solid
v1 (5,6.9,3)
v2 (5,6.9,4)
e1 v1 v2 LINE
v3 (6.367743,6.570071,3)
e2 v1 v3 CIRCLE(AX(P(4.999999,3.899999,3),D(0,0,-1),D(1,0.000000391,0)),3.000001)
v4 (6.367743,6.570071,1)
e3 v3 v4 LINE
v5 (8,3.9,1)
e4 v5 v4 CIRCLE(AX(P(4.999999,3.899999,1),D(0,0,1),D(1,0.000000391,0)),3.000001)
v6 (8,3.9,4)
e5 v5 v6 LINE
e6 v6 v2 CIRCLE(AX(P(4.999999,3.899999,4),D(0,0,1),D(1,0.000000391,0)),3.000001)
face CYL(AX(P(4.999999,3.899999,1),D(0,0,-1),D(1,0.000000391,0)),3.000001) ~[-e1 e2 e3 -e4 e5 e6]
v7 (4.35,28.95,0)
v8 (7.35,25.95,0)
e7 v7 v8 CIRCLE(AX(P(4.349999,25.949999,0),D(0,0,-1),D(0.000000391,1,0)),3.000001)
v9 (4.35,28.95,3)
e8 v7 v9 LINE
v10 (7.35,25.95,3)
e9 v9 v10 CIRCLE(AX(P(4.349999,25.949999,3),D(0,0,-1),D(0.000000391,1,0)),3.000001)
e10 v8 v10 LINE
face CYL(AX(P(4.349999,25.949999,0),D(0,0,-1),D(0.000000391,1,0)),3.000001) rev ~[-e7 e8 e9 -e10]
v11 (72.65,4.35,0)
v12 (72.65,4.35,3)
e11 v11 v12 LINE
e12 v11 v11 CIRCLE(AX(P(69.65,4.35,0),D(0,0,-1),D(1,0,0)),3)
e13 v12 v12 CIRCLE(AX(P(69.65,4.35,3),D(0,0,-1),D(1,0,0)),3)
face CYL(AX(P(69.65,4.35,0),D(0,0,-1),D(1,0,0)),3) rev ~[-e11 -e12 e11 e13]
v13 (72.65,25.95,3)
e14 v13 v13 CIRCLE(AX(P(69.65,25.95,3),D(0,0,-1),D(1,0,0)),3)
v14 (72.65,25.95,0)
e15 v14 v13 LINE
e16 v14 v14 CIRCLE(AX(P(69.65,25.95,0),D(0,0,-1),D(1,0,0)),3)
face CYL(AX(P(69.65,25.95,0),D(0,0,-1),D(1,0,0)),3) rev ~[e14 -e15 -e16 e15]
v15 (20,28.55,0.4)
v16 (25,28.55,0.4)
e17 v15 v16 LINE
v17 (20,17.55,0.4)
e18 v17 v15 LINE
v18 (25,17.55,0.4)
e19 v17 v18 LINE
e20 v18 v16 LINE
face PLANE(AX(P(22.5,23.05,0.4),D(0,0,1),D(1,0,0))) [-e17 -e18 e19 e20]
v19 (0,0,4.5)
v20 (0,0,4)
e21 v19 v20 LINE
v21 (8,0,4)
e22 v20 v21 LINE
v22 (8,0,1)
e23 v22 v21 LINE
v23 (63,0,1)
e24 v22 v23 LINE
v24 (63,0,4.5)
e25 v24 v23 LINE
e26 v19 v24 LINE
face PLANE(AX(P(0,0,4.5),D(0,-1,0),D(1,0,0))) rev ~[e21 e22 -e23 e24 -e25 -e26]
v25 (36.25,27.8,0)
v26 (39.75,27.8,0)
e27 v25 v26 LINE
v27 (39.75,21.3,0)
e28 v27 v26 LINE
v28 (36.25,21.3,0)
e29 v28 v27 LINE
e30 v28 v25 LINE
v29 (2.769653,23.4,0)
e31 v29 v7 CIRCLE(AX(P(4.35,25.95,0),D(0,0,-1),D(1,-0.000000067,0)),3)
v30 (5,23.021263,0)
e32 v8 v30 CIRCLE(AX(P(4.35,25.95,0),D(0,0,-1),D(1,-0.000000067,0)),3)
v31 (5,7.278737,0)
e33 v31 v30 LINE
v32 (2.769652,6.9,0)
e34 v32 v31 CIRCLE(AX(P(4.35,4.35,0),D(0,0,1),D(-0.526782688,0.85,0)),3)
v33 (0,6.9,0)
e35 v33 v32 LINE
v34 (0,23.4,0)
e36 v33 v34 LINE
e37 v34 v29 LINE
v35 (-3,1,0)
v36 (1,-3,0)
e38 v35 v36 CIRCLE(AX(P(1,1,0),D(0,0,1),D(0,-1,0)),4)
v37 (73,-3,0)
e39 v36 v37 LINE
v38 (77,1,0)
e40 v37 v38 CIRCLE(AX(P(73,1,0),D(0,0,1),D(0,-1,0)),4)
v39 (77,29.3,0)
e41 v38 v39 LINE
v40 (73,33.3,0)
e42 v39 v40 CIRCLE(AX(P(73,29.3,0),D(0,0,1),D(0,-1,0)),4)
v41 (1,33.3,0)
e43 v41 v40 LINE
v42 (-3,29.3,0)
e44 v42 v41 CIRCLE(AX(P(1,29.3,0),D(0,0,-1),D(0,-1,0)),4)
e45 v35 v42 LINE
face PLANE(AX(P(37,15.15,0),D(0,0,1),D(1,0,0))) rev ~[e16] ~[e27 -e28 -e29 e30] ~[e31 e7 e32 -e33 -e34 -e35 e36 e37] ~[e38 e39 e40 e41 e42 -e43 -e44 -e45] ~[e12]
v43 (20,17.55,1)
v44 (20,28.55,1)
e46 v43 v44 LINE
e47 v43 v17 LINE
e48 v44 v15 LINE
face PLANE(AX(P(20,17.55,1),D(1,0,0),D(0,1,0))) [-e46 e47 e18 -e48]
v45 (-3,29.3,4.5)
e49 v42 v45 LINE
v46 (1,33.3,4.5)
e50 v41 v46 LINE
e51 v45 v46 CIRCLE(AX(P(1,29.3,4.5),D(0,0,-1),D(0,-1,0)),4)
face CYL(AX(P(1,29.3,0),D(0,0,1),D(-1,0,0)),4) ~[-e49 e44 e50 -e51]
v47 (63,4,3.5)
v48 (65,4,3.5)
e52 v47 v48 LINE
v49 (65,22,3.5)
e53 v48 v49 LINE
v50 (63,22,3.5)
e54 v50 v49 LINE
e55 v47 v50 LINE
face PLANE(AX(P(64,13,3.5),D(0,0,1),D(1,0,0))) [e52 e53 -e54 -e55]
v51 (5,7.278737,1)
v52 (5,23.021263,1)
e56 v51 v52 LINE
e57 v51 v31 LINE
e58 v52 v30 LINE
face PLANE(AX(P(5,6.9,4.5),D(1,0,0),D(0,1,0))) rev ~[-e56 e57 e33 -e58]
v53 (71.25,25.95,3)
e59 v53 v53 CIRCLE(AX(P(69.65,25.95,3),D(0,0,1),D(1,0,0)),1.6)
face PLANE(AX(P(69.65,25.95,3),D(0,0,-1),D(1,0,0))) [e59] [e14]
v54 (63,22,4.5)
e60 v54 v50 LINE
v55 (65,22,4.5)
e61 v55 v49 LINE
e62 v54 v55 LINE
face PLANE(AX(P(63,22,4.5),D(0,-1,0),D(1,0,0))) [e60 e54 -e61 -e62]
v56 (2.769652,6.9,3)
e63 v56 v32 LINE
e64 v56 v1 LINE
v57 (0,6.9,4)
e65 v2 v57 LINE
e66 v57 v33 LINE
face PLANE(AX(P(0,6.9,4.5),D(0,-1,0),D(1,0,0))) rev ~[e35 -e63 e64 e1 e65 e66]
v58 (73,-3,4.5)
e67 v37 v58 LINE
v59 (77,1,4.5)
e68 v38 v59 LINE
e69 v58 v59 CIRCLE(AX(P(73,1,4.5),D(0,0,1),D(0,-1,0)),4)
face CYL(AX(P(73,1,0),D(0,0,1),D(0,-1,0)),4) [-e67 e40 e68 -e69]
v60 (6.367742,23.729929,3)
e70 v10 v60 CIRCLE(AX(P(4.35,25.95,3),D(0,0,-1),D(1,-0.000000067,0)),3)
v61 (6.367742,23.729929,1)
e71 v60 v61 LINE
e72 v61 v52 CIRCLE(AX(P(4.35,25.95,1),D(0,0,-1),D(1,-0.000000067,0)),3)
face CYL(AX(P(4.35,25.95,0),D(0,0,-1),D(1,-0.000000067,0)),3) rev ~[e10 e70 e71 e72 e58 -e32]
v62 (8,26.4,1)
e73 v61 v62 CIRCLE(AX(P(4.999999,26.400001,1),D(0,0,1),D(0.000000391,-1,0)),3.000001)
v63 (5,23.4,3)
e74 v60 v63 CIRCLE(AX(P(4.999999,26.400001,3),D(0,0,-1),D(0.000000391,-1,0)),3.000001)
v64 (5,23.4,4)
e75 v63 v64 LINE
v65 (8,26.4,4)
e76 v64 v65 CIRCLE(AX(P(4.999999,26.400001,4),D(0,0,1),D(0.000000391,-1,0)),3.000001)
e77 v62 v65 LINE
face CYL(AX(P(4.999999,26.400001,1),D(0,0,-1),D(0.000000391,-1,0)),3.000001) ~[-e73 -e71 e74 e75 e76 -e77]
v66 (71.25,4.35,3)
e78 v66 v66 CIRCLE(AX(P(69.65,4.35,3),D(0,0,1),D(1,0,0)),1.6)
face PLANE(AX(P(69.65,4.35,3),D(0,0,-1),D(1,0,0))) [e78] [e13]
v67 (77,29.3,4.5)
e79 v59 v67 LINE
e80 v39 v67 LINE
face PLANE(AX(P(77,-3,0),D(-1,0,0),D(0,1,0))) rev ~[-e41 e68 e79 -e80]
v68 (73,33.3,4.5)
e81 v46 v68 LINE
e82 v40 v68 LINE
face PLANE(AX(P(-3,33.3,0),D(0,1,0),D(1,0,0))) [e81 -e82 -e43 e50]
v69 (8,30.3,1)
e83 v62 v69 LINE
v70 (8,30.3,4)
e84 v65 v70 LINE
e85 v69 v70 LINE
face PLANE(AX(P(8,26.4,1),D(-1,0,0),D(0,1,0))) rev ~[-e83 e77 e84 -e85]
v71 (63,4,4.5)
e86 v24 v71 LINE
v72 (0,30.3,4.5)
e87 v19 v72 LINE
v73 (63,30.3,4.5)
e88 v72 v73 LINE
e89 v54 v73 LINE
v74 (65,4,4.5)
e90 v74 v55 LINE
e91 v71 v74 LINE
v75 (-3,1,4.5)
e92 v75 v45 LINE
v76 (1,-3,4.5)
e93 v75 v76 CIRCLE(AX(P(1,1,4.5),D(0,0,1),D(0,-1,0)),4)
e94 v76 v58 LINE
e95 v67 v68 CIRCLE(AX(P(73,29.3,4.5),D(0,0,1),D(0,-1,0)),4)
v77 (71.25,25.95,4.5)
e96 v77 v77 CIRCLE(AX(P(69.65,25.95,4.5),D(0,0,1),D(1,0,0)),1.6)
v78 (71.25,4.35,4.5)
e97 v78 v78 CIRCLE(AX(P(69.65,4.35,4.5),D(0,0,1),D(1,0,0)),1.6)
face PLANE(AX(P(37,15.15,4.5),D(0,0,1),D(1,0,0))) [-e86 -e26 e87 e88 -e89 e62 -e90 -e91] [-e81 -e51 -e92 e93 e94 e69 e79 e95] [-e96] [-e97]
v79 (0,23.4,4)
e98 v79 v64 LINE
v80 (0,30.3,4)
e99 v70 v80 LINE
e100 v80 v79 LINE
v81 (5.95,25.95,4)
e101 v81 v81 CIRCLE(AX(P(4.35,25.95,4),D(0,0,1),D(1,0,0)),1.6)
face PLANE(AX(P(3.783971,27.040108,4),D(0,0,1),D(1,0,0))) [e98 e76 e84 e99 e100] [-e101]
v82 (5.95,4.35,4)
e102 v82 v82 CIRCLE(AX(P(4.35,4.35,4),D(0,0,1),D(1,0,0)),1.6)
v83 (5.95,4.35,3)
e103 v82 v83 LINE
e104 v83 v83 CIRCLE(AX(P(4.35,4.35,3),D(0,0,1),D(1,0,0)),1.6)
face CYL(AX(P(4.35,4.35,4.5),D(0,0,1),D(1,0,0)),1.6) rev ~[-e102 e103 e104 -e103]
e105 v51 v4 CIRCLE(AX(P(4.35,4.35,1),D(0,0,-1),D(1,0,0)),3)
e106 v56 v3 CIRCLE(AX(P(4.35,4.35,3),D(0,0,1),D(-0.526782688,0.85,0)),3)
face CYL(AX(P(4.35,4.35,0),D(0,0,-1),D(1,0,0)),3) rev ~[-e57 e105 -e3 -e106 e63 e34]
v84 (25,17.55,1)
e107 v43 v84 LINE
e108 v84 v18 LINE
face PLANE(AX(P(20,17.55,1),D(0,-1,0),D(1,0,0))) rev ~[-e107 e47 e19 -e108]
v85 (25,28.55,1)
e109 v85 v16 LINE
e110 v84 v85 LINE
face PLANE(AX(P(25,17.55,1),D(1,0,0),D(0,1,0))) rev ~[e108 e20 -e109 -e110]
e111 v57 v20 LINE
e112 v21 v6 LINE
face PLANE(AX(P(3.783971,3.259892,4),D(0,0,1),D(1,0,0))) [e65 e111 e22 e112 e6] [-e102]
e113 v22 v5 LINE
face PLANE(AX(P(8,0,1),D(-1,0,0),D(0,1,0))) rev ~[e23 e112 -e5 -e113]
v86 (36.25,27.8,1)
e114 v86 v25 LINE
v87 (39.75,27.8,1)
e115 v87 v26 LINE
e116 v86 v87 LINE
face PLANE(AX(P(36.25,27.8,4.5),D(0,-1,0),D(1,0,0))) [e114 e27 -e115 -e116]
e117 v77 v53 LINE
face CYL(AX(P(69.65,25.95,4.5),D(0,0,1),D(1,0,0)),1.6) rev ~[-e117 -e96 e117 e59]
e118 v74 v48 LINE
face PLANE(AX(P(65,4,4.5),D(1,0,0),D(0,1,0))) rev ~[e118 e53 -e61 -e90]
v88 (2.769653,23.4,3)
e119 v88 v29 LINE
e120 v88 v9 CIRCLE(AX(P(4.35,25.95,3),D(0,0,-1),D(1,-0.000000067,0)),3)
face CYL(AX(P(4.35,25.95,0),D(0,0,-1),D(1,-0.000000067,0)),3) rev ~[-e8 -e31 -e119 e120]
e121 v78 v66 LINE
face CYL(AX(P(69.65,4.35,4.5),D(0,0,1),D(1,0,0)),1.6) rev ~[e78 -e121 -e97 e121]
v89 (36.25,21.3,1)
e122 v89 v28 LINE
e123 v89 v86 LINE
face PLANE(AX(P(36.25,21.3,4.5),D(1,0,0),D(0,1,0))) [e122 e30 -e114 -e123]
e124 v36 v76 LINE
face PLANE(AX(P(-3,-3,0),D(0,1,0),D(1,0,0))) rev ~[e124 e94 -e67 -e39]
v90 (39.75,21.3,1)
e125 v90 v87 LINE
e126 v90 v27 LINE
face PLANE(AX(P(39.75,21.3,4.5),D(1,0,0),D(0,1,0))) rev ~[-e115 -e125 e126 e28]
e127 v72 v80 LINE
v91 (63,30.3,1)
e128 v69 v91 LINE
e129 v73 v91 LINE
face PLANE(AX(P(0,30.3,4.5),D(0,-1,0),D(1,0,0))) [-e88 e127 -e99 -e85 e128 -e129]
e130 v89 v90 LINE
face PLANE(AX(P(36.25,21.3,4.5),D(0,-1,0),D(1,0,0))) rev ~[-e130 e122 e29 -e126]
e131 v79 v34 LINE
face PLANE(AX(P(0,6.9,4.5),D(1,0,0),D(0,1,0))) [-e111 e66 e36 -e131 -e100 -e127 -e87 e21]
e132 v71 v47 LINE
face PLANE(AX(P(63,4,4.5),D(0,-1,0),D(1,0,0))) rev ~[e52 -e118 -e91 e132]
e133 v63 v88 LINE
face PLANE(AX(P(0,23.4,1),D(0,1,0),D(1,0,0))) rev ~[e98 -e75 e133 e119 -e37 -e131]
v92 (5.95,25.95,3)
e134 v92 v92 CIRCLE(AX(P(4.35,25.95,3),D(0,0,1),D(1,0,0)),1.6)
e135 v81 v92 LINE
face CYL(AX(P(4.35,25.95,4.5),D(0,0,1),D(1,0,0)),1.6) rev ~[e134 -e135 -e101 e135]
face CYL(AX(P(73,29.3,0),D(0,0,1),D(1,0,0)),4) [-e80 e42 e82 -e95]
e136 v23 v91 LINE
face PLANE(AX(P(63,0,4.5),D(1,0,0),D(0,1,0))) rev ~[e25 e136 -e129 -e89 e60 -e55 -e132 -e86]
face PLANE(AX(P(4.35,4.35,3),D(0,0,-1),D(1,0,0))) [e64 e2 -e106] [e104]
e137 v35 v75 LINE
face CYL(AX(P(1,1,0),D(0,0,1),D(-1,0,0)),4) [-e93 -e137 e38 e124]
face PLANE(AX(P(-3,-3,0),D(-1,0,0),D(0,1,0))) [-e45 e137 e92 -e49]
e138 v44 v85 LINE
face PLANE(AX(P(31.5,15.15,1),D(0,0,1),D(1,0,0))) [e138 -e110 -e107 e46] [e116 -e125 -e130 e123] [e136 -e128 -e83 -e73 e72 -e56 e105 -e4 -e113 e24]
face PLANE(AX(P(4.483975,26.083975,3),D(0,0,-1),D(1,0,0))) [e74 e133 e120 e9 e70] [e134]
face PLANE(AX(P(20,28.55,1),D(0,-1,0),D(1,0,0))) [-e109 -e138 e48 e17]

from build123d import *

# Parameters (mm, degrees)
F0_W      = 80
F0_H      = 36.3
F1_DEPTH  = 4.5
F2_R      = 4
F3_W      = 63
F3_H      = 30.3
F4_DEPTH  = 3.5
F5_W      = 5
F5_H      = 16.5
F5_W_2    = 3.5
F5_H_2    = 6.5
F6_DEPTH  = 4.501
F7_W      = 2
F7_H      = 18
F8_DEPTH  = 1
F10_DEPTH = 3
F11_R     = 1.6
F12_DEPTH = 4.501
F13_R     = 3
F14_DEPTH = 3
F15_W     = 5
F15_H     = 11
F16_DEPTH = 0.6


with BuildPart() as f1:
    # F0 (on Top) → F1 (new body)
    with BuildSketch(Plane.XY):
        with Locations((37, 15.15)):
            Rectangle(F0_W, F0_H)
    extrude(amount=F1_DEPTH)

    # F2
    f2_edges = [f1.edges().sort_by_distance(p)[0] for p in [
        (-3, -3, 2.25),
        (77, -3, 2.25),
        (77, 33.3, 2.25),
        (-3, 33.3, 2.25),
    ]]
    fillet(f2_edges, radius=F2_R)

    # F3 (on face) → F4 (cut)
    with BuildSketch(Plane.XY.offset(4.5)):
        with Locations((31.5, 15.15)):
            Rectangle(F3_W, F3_H)
    extrude(amount=-F4_DEPTH, mode=Mode.SUBTRACT)

    # F5 (on face) → F6 (cut, through all)
    with BuildSketch(Plane.XY.offset(4.5)):
        with Locations((2.5, 15.15)):
            Rectangle(F5_W, F5_H)
        with Locations((38, 24.55)):
            Rectangle(F5_W_2, F5_H_2)
    extrude(amount=-F6_DEPTH, mode=Mode.SUBTRACT)

    # F7 (on face) → F8 (cut)
    with BuildSketch(Plane.XY.offset(4.5)):
        with Locations((64, 13)):
            Rectangle(F7_W, F7_H)
    extrude(amount=-F8_DEPTH, mode=Mode.SUBTRACT)

    # F9 (on face) → F10 (join)
    with BuildSketch(Plane.XY.offset(1)):
        with BuildLine():
            Line((8, 30.3), (0, 30.3))
            Line((0, 30.3), (0, 23.4))
            Line((0, 23.4), (5, 23.4))
            ThreePointArc((5, 23.4), (7.12132, 24.27868), (8, 26.4))
            Line((8, 26.4), (8, 30.3))
        make_face()
        with BuildLine():
            Line((5, 6.9), (0, 6.9))
            Line((0, 6.9), (0, 0))
            Line((0, 0), (8, 0))
            Line((8, 0), (8, 3.9))
            ThreePointArc((8, 3.9), (7.12132, 6.02132), (5, 6.9))
        make_face()
    extrude(amount=F10_DEPTH)

    # F11 (on face) → F12 (cut, through all)
    with BuildSketch(Plane.XY.offset(4.5)):
        with Locations((4.35, 4.35)):
            Circle(F11_R)
        with Locations((4.35, 25.95)):
            Circle(F11_R)
        with Locations((69.65, 25.95)):
            Circle(F11_R)
        with Locations((69.65, 4.35)):
            Circle(F11_R)
    extrude(amount=-F12_DEPTH, mode=Mode.SUBTRACT)

    # F13 (on face) → F14 (cut)
    with BuildSketch(Plane(origin=(0, 0, 0), x_dir=(1, 0, 0), z_dir=(0, 0, -1))):
        with Locations((69.65, -25.95)):
            Circle(F13_R)
        with Locations((69.65, -4.35)):
            Circle(F13_R)
        with BuildLine():
            ThreePointArc((4.35, -28.95), (6.47132, -28.07132), (7.35, -25.95))
            ThreePointArc((7.35, -25.95), (2.22868, -23.82868), (4.35, -28.95))
        make_face()
        with Locations((4.35, -4.35)):
            Circle(F13_R)
    extrude(amount=-F14_DEPTH, mode=Mode.SUBTRACT)

    # F15 (on face) → F16 (cut)
    with BuildSketch(Plane.XY.offset(1)):
        with Locations((22.5, 23.05)):
            Rectangle(F15_W, F15_H)
    extrude(amount=-F16_DEPTH, mode=Mode.SUBTRACT)


solid = f1.part
